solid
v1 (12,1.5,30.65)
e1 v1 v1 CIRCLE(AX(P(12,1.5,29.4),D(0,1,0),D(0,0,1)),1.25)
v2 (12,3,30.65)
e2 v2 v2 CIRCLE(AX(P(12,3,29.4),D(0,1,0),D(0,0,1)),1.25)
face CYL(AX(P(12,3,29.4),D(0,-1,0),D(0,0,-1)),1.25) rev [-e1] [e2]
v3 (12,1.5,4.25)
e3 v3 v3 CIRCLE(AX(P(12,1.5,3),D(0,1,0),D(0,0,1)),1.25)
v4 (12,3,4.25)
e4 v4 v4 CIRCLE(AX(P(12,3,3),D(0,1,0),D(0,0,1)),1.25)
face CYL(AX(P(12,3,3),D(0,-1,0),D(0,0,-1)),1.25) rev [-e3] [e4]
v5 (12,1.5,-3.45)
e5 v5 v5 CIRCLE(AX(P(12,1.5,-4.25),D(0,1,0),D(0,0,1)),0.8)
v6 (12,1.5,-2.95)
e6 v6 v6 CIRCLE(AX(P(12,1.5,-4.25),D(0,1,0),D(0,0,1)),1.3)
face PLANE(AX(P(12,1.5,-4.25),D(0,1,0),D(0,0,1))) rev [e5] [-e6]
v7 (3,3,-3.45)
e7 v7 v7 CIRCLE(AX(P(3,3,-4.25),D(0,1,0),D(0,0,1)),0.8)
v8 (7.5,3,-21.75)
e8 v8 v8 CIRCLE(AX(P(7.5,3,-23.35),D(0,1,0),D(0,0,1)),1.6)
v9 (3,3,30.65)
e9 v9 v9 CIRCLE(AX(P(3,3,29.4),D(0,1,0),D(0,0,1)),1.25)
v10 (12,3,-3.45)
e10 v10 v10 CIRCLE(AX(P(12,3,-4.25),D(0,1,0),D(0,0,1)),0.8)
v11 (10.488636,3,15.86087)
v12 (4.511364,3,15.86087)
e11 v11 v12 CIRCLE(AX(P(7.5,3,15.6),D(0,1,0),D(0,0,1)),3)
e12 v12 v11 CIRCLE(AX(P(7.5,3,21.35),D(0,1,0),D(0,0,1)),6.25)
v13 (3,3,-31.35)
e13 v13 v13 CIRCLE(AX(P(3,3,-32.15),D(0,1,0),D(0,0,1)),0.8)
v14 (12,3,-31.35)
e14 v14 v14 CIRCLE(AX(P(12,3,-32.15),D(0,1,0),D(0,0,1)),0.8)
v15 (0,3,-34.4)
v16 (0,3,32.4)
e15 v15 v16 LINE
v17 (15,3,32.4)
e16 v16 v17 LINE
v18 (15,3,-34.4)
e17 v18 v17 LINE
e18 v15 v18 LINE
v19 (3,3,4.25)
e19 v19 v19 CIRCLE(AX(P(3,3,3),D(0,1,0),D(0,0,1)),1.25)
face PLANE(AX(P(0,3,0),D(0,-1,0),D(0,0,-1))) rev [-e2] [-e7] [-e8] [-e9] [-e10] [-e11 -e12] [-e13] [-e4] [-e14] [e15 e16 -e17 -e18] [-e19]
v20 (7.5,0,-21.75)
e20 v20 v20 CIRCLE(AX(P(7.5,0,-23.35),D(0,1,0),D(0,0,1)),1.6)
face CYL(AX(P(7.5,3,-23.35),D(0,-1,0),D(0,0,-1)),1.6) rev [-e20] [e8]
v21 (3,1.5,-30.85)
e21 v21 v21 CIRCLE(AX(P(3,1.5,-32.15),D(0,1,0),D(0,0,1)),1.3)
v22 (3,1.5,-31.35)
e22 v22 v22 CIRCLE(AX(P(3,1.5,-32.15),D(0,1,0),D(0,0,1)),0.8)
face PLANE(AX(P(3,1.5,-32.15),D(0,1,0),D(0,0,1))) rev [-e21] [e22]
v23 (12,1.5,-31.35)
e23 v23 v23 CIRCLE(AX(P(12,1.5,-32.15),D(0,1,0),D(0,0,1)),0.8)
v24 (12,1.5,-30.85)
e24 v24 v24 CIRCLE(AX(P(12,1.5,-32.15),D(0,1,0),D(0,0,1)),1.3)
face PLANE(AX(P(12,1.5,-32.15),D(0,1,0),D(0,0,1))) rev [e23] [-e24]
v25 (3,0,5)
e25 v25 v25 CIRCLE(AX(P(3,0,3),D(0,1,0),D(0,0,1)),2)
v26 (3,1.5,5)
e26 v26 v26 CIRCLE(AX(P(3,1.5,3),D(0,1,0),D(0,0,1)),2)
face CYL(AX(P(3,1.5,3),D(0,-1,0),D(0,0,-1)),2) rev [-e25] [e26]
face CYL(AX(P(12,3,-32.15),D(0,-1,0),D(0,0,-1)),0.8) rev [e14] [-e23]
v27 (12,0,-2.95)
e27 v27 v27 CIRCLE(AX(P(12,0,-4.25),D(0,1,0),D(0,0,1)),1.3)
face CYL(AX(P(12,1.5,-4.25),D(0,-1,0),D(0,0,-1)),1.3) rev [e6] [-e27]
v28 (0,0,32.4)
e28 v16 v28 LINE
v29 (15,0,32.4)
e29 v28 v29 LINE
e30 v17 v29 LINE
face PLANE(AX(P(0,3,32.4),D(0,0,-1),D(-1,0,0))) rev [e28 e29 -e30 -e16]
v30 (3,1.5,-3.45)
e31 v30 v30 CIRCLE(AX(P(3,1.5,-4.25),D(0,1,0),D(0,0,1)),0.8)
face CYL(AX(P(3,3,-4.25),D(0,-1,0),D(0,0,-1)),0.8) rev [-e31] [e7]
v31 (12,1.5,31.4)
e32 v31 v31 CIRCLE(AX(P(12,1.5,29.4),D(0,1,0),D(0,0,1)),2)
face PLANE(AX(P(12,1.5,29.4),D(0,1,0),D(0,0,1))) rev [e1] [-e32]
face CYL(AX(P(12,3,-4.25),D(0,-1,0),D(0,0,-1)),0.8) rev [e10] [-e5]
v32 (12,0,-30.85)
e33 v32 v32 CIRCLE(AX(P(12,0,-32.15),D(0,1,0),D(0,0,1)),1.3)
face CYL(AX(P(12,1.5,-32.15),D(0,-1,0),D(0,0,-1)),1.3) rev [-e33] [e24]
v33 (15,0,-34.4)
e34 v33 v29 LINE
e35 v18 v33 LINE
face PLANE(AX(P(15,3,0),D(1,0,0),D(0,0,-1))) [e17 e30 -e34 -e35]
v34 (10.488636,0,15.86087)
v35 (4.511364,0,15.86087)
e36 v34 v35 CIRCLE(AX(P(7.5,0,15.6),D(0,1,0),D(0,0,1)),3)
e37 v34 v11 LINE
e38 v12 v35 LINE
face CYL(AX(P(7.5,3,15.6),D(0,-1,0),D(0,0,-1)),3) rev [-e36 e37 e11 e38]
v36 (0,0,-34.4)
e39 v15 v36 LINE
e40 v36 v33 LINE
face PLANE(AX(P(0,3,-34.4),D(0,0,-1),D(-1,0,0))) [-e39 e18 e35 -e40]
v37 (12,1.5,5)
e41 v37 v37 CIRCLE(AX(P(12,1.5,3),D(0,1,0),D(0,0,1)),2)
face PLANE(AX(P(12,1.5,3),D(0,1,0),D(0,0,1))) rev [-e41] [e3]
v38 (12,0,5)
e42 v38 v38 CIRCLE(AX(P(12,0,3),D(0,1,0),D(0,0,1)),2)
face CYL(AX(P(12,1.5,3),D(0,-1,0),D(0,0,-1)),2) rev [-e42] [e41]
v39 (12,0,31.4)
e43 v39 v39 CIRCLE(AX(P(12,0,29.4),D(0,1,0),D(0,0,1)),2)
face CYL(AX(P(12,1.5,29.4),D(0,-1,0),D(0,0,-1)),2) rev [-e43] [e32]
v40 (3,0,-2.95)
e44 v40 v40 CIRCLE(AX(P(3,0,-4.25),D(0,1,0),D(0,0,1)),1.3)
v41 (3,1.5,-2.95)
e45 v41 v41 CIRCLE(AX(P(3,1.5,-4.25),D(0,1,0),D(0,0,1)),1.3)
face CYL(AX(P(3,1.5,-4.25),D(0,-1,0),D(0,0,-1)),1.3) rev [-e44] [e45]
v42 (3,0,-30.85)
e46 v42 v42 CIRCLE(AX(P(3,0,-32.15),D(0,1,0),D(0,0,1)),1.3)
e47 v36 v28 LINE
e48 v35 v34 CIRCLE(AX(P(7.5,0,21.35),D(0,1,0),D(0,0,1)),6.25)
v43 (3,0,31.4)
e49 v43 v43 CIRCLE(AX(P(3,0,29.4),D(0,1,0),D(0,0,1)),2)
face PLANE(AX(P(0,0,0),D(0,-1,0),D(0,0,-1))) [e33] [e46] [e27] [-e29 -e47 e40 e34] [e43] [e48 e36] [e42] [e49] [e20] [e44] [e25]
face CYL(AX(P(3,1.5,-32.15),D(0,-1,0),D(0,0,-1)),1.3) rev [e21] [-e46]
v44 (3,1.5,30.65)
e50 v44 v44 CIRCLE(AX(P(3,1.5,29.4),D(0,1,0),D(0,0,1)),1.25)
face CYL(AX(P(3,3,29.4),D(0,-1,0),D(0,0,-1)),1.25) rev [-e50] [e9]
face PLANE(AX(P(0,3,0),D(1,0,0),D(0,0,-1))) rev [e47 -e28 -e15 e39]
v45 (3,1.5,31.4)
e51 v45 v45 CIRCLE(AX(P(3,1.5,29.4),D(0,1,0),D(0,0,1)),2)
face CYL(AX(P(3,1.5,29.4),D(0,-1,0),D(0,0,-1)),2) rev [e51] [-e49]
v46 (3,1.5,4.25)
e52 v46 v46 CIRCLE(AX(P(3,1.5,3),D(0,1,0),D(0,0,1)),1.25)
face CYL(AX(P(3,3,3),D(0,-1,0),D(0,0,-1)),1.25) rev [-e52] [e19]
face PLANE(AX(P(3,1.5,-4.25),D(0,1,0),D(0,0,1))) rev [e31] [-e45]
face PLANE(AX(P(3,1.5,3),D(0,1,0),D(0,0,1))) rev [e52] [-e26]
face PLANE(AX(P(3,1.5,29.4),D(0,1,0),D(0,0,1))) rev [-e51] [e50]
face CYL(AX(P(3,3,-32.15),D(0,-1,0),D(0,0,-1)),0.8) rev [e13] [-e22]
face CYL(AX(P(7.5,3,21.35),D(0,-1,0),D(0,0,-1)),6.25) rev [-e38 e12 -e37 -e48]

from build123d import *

# Parameters (mm, degrees)
SKETCH_1_W          = 15
SKETCH_1_H          = 66.8
SKETCH_1_R          = 1.6
SKETCH_1_R_2        = 0.8
SKETCH_1_R_3        = 1.25
EXTRUDE_1_DEPTH     = 3
SKETCH_1_5_R        = 2
SKETCH_1_5_R_2      = 1.3
CUT_EXTRUDE_3_DEPTH = 1.5


with BuildPart() as part:
    # 草图1 → 凸台-拉伸1 (new body)
    with BuildSketch(Plane(origin=(0, 0, 0), x_dir=(1, 0, 0), z_dir=(0, 1, 0))):
        with Locations((7.5, 1)):
            Rectangle(SKETCH_1_W, SKETCH_1_H)
        with Locations((7.5, 23.35)):
            Circle(SKETCH_1_R, mode=Mode.SUBTRACT)
        with BuildLine():
            ThreePointArc((10.488636323, -15.860869565), (7.5, -27.6), (4.511363677, -15.860869565))
            ThreePointArc((4.511363677, -15.860869565), (7.5, -12.6), (10.488636323, -15.860869565))
        make_face(mode=Mode.SUBTRACT)
        with Locations((12, 32.15)):
            Circle(SKETCH_1_R_2, mode=Mode.SUBTRACT)
        with Locations((3, 4.25)):
            Circle(SKETCH_1_R_2, mode=Mode.SUBTRACT)
        with Locations((3, 32.15)):
            Circle(SKETCH_1_R_2, mode=Mode.SUBTRACT)
        with Locations((12, 4.25)):
            Circle(SKETCH_1_R_2, mode=Mode.SUBTRACT)
        with Locations((12, -3)):
            Circle(SKETCH_1_R_3, mode=Mode.SUBTRACT)
        with Locations((3, -29.4)):
            Circle(SKETCH_1_R_3, mode=Mode.SUBTRACT)
        with Locations((3, -3)):
            Circle(SKETCH_1_R_3, mode=Mode.SUBTRACT)
        with Locations((12, -29.4)):
            Circle(SKETCH_1_R_3, mode=Mode.SUBTRACT)
    extrude(amount=EXTRUDE_1_DEPTH)

    # 草图1<5> → 切除-拉伸3 (cut)
    with BuildSketch(Plane(origin=(0, 0, 0), x_dir=(1, 0, 0), z_dir=(0, 1, 0))):
        with Locations((3, -3)):
            Circle(SKETCH_1_5_R)
        with Locations((12, -3)):
            Circle(SKETCH_1_5_R)
        with Locations((3, -29.4)):
            Circle(SKETCH_1_5_R)
        with Locations((12, -29.4)):
            Circle(SKETCH_1_5_R)
        with Locations((3, 4.25)):
            Circle(SKETCH_1_5_R_2)
        with Locations((12, 4.25)):
            Circle(SKETCH_1_5_R_2)
        with Locations((3, 32.15)):
            Circle(SKETCH_1_5_R_2)
        with Locations((12, 32.15)):
            Circle(SKETCH_1_5_R_2)
    extrude(amount=CUT_EXTRUDE_3_DEPTH, mode=Mode.SUBTRACT)


solid = part.part
